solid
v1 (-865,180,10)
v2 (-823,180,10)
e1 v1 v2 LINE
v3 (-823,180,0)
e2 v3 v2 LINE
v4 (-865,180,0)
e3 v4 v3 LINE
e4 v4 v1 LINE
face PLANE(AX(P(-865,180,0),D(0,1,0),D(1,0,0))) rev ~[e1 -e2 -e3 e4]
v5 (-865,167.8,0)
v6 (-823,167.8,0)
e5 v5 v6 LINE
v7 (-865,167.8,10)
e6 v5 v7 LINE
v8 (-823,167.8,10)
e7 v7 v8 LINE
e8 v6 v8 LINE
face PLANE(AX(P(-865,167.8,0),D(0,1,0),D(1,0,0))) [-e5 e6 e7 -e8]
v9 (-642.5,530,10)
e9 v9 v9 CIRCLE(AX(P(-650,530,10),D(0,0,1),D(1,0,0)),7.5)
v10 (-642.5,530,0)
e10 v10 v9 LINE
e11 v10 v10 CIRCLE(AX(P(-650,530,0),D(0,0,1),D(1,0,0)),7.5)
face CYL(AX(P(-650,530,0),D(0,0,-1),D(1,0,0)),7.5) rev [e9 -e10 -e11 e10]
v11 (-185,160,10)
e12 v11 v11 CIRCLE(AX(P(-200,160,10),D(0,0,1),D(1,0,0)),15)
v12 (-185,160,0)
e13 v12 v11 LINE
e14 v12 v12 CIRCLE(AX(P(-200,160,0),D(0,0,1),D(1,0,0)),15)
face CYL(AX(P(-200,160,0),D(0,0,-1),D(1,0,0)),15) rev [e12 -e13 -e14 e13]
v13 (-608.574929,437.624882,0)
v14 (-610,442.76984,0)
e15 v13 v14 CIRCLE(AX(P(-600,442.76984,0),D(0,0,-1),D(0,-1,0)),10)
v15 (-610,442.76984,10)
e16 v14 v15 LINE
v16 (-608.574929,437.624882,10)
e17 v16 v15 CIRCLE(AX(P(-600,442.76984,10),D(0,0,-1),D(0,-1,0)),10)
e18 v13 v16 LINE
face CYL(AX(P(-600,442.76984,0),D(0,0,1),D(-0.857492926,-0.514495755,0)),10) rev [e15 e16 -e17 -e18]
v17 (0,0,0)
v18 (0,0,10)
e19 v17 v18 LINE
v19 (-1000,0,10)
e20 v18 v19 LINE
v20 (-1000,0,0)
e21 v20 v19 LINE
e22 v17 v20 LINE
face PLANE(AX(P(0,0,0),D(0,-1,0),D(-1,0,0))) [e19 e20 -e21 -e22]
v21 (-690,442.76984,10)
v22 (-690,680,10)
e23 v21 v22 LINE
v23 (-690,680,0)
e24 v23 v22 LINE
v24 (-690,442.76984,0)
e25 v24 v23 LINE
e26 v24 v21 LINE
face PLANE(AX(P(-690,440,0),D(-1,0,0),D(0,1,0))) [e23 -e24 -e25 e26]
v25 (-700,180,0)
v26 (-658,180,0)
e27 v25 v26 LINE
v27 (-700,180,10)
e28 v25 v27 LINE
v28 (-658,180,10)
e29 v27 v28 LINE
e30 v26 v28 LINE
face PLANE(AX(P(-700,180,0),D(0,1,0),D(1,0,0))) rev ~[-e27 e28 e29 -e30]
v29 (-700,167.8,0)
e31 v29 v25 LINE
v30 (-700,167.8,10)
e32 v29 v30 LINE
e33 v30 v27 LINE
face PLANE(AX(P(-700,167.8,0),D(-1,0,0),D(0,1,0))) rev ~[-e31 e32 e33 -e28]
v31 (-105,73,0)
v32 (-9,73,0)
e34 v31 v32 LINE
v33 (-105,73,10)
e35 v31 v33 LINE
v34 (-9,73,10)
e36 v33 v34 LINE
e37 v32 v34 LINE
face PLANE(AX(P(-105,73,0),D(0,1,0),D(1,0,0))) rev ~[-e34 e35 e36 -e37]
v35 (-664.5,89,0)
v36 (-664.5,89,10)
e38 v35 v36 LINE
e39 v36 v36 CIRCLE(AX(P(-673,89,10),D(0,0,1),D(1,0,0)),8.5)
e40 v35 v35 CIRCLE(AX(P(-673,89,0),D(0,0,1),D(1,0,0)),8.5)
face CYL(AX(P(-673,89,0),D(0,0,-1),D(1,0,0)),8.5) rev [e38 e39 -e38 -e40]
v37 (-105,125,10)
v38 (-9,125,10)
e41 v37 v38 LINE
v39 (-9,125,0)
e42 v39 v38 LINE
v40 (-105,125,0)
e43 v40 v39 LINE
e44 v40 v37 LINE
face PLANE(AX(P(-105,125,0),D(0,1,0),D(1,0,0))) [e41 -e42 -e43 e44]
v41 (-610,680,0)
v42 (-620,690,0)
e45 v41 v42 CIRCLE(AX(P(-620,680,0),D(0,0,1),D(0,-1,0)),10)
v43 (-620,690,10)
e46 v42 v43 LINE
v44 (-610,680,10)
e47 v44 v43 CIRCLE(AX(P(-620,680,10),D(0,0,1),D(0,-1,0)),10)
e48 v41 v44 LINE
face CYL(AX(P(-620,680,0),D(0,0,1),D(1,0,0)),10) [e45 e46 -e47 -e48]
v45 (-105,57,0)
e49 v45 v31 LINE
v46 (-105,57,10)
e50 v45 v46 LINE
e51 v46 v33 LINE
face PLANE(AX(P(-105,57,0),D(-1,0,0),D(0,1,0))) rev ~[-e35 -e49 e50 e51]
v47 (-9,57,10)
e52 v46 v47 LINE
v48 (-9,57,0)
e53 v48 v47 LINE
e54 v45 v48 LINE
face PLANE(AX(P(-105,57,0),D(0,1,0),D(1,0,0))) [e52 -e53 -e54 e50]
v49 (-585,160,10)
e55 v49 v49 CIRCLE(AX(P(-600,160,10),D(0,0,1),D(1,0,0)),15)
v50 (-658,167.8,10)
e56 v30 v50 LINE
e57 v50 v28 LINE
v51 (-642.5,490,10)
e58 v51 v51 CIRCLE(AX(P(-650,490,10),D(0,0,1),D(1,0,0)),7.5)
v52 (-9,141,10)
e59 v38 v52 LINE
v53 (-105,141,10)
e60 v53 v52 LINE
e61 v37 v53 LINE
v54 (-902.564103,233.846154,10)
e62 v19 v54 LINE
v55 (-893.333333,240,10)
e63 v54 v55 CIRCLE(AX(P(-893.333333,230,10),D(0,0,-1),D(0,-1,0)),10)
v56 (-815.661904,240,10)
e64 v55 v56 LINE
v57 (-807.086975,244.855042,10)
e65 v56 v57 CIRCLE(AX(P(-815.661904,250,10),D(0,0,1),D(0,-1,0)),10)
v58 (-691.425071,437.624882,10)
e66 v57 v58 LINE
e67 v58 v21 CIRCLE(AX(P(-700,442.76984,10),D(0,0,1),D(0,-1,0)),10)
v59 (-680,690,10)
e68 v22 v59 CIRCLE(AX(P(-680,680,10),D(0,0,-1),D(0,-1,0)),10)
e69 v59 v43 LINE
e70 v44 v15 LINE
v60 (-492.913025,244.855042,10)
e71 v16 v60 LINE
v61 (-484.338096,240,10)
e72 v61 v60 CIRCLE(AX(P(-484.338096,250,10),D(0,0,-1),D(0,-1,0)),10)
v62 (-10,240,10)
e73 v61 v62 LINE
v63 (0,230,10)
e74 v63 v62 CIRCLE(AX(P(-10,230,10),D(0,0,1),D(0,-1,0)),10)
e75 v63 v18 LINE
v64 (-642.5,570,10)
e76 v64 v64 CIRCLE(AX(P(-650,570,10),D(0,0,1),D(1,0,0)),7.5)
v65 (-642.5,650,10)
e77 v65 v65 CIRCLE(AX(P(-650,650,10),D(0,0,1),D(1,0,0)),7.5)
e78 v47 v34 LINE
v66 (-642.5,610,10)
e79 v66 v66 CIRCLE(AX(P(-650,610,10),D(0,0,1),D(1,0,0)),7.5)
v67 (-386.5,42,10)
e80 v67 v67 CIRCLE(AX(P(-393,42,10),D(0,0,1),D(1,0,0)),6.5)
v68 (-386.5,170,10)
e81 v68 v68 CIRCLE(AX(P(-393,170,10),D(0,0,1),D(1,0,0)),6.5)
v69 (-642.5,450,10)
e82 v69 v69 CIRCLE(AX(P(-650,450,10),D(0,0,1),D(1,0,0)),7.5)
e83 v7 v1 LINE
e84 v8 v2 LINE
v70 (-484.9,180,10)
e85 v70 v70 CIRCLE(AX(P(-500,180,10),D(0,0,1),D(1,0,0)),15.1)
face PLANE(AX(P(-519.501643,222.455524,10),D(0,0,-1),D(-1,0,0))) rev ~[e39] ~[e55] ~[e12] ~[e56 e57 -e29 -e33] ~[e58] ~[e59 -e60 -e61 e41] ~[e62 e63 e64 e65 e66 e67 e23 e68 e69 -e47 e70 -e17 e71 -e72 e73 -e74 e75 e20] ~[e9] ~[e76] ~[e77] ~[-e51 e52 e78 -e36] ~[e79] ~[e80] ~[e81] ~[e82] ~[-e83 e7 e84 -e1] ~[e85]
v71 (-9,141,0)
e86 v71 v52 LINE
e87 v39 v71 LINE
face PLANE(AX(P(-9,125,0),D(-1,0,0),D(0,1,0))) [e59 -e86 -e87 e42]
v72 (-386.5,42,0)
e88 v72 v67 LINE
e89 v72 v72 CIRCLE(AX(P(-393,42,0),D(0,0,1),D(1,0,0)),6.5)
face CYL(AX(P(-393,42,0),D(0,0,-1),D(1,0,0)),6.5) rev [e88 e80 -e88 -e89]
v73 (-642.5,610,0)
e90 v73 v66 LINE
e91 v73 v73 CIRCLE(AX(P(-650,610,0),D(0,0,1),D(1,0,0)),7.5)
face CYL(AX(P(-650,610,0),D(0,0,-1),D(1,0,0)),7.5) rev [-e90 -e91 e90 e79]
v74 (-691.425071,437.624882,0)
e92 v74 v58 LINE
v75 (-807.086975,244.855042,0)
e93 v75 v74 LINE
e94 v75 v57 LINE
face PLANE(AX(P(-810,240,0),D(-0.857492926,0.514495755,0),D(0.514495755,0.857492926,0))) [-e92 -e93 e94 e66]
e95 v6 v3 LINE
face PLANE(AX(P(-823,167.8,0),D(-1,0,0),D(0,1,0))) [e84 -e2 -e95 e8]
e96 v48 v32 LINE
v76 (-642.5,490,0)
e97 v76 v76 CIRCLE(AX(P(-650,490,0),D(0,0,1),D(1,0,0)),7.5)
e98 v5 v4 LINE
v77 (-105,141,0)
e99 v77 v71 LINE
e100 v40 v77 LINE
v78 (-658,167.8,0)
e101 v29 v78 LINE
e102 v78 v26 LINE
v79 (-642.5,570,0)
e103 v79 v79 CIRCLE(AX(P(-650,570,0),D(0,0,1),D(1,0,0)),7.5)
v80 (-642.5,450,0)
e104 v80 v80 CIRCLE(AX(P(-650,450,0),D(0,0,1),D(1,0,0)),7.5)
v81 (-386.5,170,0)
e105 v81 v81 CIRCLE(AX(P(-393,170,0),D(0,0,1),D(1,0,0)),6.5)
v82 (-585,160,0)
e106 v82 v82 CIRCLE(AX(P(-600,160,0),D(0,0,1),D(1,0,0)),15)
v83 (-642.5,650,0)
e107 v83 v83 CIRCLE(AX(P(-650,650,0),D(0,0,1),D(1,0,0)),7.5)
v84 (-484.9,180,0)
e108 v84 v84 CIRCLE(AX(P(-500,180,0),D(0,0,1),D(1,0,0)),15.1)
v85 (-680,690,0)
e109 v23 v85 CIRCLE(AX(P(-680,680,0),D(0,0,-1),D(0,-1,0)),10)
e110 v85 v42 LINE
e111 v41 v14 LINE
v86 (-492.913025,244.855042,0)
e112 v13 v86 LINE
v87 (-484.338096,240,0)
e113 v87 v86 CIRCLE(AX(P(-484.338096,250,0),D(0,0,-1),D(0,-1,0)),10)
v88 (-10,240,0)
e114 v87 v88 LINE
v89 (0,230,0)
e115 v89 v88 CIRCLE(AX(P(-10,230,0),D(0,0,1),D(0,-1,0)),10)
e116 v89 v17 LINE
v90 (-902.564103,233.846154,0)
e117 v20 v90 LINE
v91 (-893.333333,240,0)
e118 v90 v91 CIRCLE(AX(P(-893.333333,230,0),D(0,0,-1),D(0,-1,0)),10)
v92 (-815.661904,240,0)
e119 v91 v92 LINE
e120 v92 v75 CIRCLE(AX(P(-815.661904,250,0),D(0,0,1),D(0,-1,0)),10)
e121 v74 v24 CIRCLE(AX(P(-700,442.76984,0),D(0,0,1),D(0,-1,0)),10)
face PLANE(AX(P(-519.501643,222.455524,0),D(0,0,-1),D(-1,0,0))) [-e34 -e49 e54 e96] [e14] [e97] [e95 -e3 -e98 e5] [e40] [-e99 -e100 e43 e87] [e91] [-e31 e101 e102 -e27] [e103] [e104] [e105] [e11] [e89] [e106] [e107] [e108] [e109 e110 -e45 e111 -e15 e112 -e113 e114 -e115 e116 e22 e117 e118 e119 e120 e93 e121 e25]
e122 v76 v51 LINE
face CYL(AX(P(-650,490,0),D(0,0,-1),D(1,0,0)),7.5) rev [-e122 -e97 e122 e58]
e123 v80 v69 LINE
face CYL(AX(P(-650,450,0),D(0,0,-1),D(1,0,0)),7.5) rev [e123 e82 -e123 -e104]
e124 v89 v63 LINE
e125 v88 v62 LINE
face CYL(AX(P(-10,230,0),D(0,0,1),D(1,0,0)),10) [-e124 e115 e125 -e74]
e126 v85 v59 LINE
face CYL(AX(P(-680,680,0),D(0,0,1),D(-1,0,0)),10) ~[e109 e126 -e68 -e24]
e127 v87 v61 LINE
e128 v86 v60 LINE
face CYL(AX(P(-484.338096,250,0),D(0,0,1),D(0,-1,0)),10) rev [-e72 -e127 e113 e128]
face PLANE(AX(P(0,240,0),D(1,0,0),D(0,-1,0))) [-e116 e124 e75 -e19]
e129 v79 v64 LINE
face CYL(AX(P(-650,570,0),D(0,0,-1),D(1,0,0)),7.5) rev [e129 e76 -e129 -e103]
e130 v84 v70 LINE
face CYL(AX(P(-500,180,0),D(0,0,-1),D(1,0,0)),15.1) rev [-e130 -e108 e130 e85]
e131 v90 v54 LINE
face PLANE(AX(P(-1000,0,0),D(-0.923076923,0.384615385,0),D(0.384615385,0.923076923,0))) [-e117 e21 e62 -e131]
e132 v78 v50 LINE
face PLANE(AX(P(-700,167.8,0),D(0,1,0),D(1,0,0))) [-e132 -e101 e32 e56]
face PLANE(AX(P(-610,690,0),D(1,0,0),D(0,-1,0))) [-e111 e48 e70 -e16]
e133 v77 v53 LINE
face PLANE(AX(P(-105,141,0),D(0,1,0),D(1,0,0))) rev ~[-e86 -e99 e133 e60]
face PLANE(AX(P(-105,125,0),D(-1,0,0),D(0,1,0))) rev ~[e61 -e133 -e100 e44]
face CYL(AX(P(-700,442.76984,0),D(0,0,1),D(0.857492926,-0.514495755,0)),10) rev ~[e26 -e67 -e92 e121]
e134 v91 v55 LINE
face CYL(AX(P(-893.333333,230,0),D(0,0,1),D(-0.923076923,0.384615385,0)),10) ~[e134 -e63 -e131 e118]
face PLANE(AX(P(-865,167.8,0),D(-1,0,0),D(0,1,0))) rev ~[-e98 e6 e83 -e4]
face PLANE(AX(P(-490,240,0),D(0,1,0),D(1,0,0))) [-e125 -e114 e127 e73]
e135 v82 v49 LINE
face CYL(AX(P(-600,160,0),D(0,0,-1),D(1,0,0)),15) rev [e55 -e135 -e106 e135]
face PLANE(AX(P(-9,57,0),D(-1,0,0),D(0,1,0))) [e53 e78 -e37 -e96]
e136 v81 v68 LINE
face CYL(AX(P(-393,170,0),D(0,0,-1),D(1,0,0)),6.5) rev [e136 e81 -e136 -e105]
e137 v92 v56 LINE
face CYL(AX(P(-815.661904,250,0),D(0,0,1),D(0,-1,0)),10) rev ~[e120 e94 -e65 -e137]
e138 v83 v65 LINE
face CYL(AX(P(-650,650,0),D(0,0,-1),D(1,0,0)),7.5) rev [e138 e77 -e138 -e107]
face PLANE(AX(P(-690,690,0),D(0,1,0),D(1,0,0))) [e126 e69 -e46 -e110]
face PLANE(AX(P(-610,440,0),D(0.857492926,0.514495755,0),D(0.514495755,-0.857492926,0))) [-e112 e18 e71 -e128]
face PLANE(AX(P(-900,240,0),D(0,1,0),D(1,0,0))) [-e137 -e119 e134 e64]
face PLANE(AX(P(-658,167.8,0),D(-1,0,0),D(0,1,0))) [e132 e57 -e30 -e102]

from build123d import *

# Parameters (mm, degrees)
ESQUISSE1_R        = 15
ESQUISSE1_R_2      = 6.5
ESQUISSE1_R_3      = 8.5
ESQUISSE1_R_4      = 15.1
ESQUISSE1_R_5      = 7.5
ESQUISSE1_W        = 96
ESQUISSE1_H        = 16
ESQUISSE1_W_2      = 42
ESQUISSE1_H_2      = 12.2
BOSS_EXTRU_1_DEPTH = 10
CONG_1_R           = 10


with BuildPart() as part:
    # Esquisse1 → Boss.-Extru.1 (new body)
    with BuildSketch(Plane.XY):
        Polygon((0, 0), (-1000, 0), (-900, 240), (-810, 240), (-690, 440), (-690, 690), (-610, 690), (-610, 440), (-490, 240), (0, 240), align=None)
        with Locations((-200, 160)):
            Circle(ESQUISSE1_R, mode=Mode.SUBTRACT)
        with Locations((-600, 160)):
            Circle(ESQUISSE1_R, mode=Mode.SUBTRACT)
        with Locations((-393, 170)):
            Circle(ESQUISSE1_R_2, mode=Mode.SUBTRACT)
        with Locations((-393, 42)):
            Circle(ESQUISSE1_R_2, mode=Mode.SUBTRACT)
        with Locations((-673, 89)):
            Circle(ESQUISSE1_R_3, mode=Mode.SUBTRACT)
        with Locations((-500, 180)):
            Circle(ESQUISSE1_R_4, mode=Mode.SUBTRACT)
        with Locations((-650, 650)):
            Circle(ESQUISSE1_R_5, mode=Mode.SUBTRACT)
        with Locations((-650, 610)):
            Circle(ESQUISSE1_R_5, mode=Mode.SUBTRACT)
        with Locations((-650, 570)):
            Circle(ESQUISSE1_R_5, mode=Mode.SUBTRACT)
        with Locations((-650, 530)):
            Circle(ESQUISSE1_R_5, mode=Mode.SUBTRACT)
        with Locations((-650, 490)):
            Circle(ESQUISSE1_R_5, mode=Mode.SUBTRACT)
        with Locations((-650, 450)):
            Circle(ESQUISSE1_R_5, mode=Mode.SUBTRACT)
        with Locations((-57, 133)):
            Rectangle(ESQUISSE1_W, ESQUISSE1_H, mode=Mode.SUBTRACT)
        with Locations((-57, 65)):
            Rectangle(ESQUISSE1_W, ESQUISSE1_H, mode=Mode.SUBTRACT)
        with Locations((-844, 173.9)):
            Rectangle(ESQUISSE1_W_2, ESQUISSE1_H_2, mode=Mode.SUBTRACT)
        with Locations((-679, 173.9)):
            Rectangle(ESQUISSE1_W_2, ESQUISSE1_H_2, mode=Mode.SUBTRACT)
    extrude(amount=BOSS_EXTRU_1_DEPTH)

    # Congé1
    cong_1_edges = [part.edges().sort_by_distance(p)[0] for p in [
        (-900, 240, 5),
        (-810, 240, 5),
        (-690, 440, 5),
        (-690, 690, 5),
        (-610, 690, 5),
        (-610, 440, 5),
        (-490, 240, 5),
        (0, 240, 5),
    ]]
    fillet(cong_1_edges, radius=CONG_1_R)


solid = part.part
